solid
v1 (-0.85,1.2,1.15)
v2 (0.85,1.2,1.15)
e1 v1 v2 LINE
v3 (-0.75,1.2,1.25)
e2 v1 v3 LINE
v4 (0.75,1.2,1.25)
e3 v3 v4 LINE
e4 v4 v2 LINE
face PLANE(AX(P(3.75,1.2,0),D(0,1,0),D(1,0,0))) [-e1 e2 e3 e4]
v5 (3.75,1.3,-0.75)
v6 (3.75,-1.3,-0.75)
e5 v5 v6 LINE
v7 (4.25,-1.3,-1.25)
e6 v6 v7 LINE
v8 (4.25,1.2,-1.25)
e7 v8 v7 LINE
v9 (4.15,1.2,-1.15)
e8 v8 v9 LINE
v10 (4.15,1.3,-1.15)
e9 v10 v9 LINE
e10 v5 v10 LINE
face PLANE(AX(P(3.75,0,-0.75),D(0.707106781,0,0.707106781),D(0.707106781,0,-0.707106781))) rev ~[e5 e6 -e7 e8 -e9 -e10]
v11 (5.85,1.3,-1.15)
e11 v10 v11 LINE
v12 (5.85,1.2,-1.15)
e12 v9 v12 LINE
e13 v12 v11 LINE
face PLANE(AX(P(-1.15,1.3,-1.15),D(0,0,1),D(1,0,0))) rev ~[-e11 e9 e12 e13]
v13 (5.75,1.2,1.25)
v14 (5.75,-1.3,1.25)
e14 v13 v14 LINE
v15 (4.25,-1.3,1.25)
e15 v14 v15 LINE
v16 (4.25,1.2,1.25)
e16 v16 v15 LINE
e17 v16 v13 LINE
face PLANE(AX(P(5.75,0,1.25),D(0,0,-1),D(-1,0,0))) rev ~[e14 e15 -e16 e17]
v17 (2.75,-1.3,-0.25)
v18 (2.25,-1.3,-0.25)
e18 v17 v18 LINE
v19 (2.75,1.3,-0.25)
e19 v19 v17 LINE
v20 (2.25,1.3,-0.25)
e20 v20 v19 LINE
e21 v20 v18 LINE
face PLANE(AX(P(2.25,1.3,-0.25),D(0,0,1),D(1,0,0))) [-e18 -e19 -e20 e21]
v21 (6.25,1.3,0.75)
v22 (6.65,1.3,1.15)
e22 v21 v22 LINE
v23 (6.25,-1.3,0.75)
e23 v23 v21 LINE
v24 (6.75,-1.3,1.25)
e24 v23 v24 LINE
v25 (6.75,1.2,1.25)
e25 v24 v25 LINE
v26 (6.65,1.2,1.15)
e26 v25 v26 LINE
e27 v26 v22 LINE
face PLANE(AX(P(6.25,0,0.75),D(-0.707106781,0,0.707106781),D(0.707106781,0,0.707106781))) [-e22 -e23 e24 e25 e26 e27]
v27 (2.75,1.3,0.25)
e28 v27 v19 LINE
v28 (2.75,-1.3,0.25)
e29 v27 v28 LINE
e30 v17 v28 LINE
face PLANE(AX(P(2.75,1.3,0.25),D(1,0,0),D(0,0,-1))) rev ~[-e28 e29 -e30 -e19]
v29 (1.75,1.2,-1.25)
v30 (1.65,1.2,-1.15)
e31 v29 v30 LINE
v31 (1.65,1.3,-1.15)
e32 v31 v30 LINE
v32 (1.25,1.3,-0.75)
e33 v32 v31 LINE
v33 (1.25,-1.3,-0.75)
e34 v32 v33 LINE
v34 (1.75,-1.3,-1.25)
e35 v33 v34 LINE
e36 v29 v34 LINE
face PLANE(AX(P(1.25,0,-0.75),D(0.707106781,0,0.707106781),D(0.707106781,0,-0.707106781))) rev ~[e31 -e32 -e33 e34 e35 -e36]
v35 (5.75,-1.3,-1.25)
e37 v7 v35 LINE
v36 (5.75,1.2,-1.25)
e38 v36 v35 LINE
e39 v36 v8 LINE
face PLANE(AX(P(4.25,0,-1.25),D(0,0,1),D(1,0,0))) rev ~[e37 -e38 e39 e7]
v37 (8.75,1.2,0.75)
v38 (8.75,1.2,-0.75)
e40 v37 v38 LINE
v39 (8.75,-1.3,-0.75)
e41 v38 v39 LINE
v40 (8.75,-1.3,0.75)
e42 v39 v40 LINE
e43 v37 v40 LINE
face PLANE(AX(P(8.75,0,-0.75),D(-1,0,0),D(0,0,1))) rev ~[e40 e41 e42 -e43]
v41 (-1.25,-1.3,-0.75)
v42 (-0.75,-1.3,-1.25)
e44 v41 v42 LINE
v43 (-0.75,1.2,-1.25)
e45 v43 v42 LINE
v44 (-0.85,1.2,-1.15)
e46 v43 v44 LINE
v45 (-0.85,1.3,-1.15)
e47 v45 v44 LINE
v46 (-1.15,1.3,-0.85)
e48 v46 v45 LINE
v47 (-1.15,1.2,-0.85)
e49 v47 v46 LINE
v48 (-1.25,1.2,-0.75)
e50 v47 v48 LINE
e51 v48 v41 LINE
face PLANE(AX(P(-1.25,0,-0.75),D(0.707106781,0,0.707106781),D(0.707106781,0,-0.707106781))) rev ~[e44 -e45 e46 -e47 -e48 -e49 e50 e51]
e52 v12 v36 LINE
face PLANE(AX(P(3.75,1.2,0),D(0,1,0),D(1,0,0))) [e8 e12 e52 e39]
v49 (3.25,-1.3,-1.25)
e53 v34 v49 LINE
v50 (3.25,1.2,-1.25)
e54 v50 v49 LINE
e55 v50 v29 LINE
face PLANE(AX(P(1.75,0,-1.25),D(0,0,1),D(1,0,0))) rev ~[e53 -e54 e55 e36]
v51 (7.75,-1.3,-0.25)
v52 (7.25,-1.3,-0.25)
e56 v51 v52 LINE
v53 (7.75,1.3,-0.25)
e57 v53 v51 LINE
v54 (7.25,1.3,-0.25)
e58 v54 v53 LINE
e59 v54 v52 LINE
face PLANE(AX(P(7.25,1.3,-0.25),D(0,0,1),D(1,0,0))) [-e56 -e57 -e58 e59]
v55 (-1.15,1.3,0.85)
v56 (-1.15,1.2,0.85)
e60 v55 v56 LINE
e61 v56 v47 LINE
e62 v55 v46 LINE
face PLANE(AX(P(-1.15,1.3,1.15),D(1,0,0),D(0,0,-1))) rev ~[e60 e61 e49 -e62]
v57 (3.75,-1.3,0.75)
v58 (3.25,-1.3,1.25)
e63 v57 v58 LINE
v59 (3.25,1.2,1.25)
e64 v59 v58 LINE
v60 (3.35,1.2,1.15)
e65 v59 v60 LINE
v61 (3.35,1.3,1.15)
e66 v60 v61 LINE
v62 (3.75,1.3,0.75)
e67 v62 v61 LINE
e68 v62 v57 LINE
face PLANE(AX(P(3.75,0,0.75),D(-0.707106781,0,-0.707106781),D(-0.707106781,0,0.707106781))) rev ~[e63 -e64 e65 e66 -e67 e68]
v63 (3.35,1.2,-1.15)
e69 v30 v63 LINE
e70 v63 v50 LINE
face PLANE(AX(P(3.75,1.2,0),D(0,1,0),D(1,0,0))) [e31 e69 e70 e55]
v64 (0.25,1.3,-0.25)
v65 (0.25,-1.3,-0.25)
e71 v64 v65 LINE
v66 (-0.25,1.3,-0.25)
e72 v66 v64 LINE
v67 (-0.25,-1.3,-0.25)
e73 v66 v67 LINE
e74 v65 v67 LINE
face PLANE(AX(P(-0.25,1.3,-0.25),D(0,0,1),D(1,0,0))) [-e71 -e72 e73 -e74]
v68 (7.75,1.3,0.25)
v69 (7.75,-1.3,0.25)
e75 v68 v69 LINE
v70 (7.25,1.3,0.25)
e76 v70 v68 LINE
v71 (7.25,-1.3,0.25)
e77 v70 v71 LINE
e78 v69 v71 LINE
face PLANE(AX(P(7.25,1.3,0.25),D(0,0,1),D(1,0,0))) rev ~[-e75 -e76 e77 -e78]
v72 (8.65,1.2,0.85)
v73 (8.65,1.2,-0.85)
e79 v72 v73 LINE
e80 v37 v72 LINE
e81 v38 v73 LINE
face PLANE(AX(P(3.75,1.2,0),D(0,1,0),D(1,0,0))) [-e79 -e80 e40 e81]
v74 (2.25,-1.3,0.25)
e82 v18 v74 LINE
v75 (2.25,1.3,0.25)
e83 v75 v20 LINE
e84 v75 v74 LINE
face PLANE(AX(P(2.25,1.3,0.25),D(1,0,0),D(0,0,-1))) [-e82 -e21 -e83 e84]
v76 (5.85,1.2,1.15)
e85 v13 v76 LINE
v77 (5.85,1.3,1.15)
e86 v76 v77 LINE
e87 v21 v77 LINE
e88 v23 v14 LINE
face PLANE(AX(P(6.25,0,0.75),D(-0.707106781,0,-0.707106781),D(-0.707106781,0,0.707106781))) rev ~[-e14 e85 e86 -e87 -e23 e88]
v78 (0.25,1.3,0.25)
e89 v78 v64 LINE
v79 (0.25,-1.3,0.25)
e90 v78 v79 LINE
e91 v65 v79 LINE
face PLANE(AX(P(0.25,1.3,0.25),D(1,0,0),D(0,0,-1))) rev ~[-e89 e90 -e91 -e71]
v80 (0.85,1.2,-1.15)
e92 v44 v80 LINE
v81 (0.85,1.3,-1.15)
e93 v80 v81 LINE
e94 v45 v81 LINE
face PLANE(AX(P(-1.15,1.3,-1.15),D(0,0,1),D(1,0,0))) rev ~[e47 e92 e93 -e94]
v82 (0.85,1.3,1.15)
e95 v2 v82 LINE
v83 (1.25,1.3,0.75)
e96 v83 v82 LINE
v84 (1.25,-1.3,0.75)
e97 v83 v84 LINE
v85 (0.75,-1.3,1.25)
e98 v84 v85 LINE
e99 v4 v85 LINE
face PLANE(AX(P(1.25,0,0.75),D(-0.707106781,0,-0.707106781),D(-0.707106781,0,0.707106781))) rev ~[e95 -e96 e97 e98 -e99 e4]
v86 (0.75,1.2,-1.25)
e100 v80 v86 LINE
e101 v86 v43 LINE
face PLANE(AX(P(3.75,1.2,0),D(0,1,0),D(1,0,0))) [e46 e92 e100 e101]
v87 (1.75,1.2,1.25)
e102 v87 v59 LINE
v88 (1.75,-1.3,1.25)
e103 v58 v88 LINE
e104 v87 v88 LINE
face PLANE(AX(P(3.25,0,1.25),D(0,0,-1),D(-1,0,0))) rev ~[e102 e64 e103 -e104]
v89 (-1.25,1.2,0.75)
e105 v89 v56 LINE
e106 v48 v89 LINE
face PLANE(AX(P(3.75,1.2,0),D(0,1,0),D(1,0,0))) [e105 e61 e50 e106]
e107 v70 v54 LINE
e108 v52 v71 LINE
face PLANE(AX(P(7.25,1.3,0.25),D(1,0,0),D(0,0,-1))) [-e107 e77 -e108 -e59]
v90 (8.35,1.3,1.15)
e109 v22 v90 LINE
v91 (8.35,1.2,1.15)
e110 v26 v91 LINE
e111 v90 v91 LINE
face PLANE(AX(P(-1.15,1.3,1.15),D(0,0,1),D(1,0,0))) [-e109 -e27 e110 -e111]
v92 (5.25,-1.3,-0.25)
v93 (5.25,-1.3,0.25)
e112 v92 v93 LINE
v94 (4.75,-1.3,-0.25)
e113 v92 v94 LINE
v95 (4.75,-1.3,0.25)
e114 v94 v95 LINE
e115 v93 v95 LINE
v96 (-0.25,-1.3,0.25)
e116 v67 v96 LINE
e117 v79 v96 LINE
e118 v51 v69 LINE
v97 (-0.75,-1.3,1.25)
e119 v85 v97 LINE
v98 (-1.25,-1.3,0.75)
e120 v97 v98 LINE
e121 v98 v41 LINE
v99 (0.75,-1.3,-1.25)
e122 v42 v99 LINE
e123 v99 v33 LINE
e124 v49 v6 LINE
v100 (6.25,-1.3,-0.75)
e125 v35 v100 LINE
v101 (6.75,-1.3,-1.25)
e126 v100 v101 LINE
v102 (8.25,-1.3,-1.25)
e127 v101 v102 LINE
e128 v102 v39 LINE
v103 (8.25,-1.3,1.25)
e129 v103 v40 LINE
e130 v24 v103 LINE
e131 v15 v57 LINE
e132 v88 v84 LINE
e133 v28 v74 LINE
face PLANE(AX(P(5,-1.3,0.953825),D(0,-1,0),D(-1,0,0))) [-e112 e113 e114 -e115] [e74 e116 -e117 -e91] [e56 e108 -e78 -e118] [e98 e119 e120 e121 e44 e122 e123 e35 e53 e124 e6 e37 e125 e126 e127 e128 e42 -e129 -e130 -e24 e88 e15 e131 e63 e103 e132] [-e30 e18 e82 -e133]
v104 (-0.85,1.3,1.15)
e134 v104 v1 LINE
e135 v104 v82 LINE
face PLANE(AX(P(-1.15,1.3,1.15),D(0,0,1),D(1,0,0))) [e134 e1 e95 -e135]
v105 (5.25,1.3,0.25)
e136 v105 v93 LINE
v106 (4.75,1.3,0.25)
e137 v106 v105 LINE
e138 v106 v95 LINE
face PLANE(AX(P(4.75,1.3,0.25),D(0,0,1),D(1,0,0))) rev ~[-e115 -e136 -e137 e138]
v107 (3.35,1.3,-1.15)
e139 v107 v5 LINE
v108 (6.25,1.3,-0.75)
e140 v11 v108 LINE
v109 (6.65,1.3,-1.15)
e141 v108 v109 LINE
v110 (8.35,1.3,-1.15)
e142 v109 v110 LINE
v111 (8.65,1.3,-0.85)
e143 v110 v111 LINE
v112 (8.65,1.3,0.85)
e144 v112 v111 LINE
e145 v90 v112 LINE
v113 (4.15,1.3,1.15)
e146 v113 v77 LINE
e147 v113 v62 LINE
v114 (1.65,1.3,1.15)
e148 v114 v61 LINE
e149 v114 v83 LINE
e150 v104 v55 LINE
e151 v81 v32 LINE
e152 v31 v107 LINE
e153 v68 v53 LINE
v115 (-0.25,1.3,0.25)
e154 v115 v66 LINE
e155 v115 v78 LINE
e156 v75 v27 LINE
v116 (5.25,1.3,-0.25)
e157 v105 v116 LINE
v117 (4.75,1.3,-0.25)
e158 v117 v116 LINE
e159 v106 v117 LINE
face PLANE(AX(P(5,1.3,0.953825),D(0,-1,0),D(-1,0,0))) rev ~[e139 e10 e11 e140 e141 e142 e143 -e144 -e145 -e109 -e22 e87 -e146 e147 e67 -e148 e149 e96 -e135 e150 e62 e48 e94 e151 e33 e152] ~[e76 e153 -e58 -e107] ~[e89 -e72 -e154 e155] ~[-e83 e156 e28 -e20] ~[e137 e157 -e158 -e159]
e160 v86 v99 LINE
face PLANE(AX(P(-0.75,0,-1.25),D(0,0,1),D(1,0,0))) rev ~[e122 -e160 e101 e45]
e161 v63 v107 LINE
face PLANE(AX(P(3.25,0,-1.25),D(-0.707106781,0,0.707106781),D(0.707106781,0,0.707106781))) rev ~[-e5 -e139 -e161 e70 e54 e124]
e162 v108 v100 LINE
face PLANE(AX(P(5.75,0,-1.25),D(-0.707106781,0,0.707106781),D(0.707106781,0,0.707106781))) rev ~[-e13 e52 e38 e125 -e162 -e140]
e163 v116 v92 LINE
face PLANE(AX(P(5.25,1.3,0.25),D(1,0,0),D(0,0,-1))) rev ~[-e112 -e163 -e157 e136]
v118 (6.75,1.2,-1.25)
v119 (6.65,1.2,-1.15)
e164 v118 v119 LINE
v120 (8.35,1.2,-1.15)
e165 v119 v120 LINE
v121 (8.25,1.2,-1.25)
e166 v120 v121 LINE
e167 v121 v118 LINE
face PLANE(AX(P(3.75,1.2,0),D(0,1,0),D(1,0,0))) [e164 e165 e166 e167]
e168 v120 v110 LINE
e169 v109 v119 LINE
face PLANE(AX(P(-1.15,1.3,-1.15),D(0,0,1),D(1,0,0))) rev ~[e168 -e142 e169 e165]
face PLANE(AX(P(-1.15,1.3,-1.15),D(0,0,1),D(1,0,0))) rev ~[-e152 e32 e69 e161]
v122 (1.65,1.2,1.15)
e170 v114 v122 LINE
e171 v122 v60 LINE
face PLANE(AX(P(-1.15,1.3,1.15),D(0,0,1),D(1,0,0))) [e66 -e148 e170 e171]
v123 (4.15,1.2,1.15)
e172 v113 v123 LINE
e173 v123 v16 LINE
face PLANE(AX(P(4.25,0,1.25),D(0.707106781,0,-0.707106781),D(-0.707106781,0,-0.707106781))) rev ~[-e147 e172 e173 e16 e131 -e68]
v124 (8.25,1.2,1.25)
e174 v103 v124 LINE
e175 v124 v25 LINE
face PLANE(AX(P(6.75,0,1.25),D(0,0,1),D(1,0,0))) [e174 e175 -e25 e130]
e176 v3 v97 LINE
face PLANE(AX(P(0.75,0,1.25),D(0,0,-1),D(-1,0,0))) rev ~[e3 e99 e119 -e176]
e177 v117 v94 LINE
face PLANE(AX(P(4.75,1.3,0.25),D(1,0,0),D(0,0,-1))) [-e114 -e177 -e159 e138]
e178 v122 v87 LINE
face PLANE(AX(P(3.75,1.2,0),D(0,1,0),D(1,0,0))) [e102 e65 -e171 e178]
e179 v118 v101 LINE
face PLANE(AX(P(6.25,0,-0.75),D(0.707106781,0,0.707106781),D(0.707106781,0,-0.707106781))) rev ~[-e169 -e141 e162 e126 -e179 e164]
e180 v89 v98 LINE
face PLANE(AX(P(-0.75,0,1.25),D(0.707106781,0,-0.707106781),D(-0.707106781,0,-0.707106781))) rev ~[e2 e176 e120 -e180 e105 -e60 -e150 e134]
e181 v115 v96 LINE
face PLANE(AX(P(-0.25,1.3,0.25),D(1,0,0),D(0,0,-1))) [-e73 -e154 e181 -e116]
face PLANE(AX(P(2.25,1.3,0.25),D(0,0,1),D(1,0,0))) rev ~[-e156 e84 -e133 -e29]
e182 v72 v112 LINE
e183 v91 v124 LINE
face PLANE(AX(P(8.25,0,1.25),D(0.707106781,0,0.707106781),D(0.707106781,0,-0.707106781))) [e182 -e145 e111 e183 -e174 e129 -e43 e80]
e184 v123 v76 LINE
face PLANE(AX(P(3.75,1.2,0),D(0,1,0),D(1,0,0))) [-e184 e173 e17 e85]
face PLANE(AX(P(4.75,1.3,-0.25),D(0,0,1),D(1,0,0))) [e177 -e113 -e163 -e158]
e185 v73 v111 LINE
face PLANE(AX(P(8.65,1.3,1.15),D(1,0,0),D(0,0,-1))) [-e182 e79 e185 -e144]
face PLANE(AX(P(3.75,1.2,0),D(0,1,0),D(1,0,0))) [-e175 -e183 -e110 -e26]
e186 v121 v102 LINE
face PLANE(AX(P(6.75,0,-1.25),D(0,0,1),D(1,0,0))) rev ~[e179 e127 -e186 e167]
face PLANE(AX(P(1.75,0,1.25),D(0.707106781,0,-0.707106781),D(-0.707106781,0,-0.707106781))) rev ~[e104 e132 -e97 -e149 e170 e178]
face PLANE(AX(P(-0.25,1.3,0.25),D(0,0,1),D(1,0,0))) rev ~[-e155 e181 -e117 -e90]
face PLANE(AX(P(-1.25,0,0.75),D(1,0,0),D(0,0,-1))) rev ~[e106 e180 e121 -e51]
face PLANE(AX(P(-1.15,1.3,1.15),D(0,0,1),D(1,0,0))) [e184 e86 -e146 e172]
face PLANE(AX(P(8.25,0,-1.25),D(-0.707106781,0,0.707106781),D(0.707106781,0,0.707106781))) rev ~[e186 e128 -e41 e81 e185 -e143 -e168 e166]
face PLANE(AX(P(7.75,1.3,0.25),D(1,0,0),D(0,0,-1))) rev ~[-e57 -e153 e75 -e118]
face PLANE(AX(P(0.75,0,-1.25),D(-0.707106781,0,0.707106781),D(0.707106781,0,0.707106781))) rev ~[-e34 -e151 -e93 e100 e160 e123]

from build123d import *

# Parameters (mm, degrees)
BOSS_EXTRUDE1_DEPTH = 1.3
SKETCH2_W           = 11.59712349
SKETCH2_H           = 4.16940885
SKETCH2_W_2         = 9.8
SKETCH2_H_2         = 2.3
CUT_EXTRUDE1_DEPTH  = 0.1
SKETCH3_W           = 0.5
SKETCH3_H           = 0.5
CUT_EXTRUDE2_DEPTH  = 3.6


with BuildPart() as part:
    # Sketch1 → Boss-Extrude1 (new body, symmetric)
    with BuildSketch(Plane(origin=(0, 0, 0), x_dir=(1, 0, 0), z_dir=(0, 1, 0))):
        Polygon((3.75, -0.75), (6.25, -0.75), (5.75, -1.25), (4.25, -1.25), align=None)
        Polygon((8.25, -1.25), (8.75, -0.75), (6.25, -0.75), (6.75, -1.25), align=None)
        Polygon((8.75, -0.75), (6.25, -0.75), (3.75, -0.75), (3.25, -1.25), (1.75, -1.25), (1.25, -0.75), (-1.25, -0.75), (-1.25, 0.75), (-0.75, 1.25), (0.75, 1.25), (1.25, 0.75), (1.75, 1.25), (3.25, 1.25), (3.75, 0.75), (4.25, 1.25), (5.75, 1.25), (6.25, 0.75), (6.75, 1.25), (8.25, 1.25), (8.75, 0.75), align=None)
        Polygon((-1.25, -0.75), (1.25, -0.75), (0.75, -1.25), (-0.75, -1.25), align=None)
    extrude(amount=BOSS_EXTRUDE1_DEPTH, both=True)

    # Sketch2 → Cut-Extrude1 (cut)
    with BuildSketch(Plane(origin=(0, 1.3, 0), x_dir=(1, 0, 0), z_dir=(0, 1, 0))):
        with Locations((3.75, 0)):
            Rectangle(SKETCH2_W, SKETCH2_H)
        with Locations((3.75, 0)):
            Rectangle(SKETCH2_W_2, SKETCH2_H_2, mode=Mode.SUBTRACT)
    extrude(amount=-CUT_EXTRUDE1_DEPTH, mode=Mode.SUBTRACT)

    # Sketch3 → Cut-Extrude2 (cut, through all)
    with BuildSketch(Plane(origin=(0, 1.3, 0), x_dir=(1, 0, 0), z_dir=(0, 1, 0))):
        with Locations((2.5, 0)):
            Rectangle(SKETCH3_W, SKETCH3_H)
        Rectangle(SKETCH3_W, SKETCH3_H)
        with Locations((5, 0)):
            Rectangle(SKETCH3_W, SKETCH3_H)
        with Locations((7.5, 0)):
            Rectangle(SKETCH3_W, SKETCH3_H)
    extrude(amount=-CUT_EXTRUDE2_DEPTH, mode=Mode.SUBTRACT)


solid = part.part
